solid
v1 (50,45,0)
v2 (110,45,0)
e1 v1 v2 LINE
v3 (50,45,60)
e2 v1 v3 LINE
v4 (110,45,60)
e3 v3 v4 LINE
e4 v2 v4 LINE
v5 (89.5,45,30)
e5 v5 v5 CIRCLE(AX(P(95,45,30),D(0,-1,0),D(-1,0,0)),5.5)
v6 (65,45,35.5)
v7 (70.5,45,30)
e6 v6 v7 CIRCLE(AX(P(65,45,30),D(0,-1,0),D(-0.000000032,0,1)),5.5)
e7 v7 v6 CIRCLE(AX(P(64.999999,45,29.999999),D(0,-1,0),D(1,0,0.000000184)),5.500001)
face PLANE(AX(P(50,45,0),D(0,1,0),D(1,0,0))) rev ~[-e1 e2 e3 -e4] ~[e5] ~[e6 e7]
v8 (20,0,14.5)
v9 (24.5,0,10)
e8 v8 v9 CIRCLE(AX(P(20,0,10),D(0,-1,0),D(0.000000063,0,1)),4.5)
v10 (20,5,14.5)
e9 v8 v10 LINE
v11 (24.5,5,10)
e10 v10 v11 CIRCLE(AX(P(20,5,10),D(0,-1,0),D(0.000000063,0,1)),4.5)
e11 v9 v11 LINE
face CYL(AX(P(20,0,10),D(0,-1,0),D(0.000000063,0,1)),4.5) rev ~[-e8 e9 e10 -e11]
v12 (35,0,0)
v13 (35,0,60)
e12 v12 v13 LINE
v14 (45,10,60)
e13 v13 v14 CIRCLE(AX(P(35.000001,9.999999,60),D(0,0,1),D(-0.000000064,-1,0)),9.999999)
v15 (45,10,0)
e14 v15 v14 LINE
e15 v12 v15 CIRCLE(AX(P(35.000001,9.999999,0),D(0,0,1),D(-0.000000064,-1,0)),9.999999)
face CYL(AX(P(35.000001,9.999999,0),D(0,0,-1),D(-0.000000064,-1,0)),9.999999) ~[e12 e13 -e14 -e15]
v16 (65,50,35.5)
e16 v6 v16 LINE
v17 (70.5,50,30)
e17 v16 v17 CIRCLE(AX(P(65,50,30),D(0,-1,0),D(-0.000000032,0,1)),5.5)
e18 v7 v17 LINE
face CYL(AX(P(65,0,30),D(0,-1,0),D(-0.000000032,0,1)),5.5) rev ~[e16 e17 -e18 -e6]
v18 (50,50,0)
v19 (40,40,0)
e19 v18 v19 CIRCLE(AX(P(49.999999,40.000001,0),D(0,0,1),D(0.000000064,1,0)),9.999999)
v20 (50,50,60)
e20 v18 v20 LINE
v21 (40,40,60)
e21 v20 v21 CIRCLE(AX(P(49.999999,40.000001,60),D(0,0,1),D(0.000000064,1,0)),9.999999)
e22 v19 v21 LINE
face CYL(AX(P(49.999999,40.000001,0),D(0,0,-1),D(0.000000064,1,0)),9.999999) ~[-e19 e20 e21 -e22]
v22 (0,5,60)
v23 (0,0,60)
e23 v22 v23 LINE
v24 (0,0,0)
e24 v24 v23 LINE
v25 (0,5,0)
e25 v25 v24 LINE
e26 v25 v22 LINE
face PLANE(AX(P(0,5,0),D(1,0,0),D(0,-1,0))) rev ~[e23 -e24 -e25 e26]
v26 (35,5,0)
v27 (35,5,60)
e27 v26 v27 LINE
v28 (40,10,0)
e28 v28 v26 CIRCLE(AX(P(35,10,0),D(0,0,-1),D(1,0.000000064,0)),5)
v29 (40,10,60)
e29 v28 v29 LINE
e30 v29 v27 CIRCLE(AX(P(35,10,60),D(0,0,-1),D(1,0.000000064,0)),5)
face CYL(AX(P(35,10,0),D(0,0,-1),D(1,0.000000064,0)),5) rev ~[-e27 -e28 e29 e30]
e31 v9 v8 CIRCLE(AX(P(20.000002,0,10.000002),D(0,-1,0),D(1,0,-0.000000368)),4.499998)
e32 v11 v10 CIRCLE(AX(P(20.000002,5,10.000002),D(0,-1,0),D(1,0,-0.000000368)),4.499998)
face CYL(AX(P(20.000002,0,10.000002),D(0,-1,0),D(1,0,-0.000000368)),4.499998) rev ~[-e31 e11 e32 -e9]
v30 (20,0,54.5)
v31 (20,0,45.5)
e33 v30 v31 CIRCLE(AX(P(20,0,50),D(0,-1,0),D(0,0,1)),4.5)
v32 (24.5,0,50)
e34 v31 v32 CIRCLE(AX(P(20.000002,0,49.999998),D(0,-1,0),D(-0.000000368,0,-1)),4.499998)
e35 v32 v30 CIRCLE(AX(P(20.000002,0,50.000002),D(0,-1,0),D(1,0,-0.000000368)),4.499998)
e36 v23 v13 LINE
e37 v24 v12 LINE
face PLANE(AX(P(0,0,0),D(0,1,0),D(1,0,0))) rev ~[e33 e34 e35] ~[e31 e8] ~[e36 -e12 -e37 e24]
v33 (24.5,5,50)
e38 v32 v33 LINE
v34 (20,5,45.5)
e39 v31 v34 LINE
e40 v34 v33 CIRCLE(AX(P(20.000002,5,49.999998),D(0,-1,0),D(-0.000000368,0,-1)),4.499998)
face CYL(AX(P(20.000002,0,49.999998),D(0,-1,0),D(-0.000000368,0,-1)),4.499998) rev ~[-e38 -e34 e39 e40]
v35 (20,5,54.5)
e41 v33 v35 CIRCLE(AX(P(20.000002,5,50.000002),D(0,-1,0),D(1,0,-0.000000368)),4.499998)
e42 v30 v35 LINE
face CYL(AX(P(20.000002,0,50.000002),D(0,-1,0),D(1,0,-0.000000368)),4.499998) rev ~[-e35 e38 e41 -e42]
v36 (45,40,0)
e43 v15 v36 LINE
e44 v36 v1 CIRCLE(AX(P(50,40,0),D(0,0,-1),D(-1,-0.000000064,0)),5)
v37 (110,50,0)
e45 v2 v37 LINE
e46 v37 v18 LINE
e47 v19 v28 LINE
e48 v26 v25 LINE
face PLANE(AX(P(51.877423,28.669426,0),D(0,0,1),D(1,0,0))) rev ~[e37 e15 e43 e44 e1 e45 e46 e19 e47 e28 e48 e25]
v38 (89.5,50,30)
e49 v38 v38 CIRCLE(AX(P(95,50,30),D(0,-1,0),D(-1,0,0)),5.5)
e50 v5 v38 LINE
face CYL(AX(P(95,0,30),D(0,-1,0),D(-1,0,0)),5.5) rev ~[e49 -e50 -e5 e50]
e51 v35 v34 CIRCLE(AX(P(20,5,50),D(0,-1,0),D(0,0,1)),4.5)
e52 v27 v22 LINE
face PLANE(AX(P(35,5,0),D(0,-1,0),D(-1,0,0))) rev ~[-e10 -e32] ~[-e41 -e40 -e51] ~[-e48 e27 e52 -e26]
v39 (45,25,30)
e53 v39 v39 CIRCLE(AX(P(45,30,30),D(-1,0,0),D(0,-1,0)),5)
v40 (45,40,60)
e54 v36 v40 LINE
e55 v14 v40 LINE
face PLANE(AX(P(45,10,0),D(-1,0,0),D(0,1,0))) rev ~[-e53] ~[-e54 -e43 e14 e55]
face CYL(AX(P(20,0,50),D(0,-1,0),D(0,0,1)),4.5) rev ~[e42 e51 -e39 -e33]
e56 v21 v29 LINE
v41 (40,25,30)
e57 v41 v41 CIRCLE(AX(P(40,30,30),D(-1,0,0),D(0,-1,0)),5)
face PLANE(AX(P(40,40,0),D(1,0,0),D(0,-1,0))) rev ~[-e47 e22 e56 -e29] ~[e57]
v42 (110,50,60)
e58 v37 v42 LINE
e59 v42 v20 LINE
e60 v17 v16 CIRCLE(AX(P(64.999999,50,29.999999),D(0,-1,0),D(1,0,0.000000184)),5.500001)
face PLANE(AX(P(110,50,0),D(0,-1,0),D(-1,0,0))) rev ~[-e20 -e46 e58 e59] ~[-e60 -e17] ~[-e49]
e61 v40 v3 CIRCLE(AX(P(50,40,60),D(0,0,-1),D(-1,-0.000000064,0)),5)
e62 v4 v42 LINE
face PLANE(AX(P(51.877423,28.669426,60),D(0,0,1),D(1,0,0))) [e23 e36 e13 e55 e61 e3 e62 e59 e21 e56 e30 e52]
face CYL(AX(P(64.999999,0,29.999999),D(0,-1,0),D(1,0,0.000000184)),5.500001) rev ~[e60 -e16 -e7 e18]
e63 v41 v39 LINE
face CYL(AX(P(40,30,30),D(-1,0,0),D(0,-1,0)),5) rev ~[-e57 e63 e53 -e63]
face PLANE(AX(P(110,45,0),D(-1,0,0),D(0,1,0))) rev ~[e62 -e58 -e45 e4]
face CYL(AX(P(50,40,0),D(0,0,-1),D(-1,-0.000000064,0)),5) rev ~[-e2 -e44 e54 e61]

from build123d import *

# Parameters (mm, degrees)
F1_DEPTH = 60
F3_DEPTH = 106.9
F5_DEPTH = 25


with BuildPart() as f1:
    # F0 (on Top) → F1 (new body)
    with BuildSketch(Plane.XY):
        with BuildLine():
            Line((0, 5), (0, 0))
            Line((0, 0), (35, 0))
            ThreePointArc((35, 0), (42.071068, 2.928932), (45, 10))
            Line((45, 10), (45, 40))
            ThreePointArc((45, 40), (46.464466, 43.535534), (50, 45))
            Line((50, 45), (110, 45))
            Line((110, 45), (110, 50))
            Line((110, 50), (50, 50))
            ThreePointArc((50, 50), (42.928932, 47.071068), (40, 40))
            Line((40, 40), (40, 10))
            ThreePointArc((40, 10), (38.535534, 6.464466), (35, 5))
            Line((35, 5), (0, 5))
        make_face()
    extrude(amount=F1_DEPTH)

    # F2 (on face) → F3 (cut)
    with BuildSketch(Plane.XZ):
        with BuildLine():
            ThreePointArc((24.5, 10), (23.181981, 13.181981), (20, 14.5))
            ThreePointArc((20, 14.5), (16.818019, 6.818019), (24.5, 10))
        make_face()
        with BuildLine():
            ThreePointArc((24.5, 50), (23.181981, 53.181981), (20, 54.5))
            Line((20, 54.5), (20, 50))
            Line((20, 50), (20, 45.5))
            ThreePointArc((20, 45.5), (23.181981, 46.818019), (24.5, 50))
        make_face()
        with BuildLine():
            Line((20, 50), (20, 54.5))
            ThreePointArc((20, 54.5), (15.5, 50), (20, 45.5))
            Line((20, 45.5), (20, 50))
        make_face()
        with BuildLine():
            ThreePointArc((100.5, 30), (95, 35.5), (89.5, 30))
            ThreePointArc((89.5, 30), (95, 24.5), (100.5, 30))
        make_face()
        with BuildLine():
            ThreePointArc((70.5, 30), (68.889087, 33.889087), (65, 35.5))
            Line((65, 35.5), (65, 30))
            Line((65, 30), (70.5, 30))
        make_face()
        with BuildLine():
            Line((65, 30), (65, 35.5))
            ThreePointArc((65, 35.5), (61.110913, 26.110913), (70.5, 30))
            Line((70.5, 30), (65, 30))
        make_face()
    extrude(amount=-F3_DEPTH, mode=Mode.SUBTRACT)

    # F4 (on face) → F5 (cut)
    with BuildSketch(Plane(origin=(40, 0, 0), x_dir=(0, -1, 0), z_dir=(-1, 0, 0))):
        with BuildLine():
            ThreePointArc((-35, 30), (-30, 25), (-25, 30))
            ThreePointArc((-25, 30), (-30, 35), (-35, 30))
        make_face()
    extrude(amount=-F5_DEPTH, mode=Mode.SUBTRACT)


solid = f1.part
